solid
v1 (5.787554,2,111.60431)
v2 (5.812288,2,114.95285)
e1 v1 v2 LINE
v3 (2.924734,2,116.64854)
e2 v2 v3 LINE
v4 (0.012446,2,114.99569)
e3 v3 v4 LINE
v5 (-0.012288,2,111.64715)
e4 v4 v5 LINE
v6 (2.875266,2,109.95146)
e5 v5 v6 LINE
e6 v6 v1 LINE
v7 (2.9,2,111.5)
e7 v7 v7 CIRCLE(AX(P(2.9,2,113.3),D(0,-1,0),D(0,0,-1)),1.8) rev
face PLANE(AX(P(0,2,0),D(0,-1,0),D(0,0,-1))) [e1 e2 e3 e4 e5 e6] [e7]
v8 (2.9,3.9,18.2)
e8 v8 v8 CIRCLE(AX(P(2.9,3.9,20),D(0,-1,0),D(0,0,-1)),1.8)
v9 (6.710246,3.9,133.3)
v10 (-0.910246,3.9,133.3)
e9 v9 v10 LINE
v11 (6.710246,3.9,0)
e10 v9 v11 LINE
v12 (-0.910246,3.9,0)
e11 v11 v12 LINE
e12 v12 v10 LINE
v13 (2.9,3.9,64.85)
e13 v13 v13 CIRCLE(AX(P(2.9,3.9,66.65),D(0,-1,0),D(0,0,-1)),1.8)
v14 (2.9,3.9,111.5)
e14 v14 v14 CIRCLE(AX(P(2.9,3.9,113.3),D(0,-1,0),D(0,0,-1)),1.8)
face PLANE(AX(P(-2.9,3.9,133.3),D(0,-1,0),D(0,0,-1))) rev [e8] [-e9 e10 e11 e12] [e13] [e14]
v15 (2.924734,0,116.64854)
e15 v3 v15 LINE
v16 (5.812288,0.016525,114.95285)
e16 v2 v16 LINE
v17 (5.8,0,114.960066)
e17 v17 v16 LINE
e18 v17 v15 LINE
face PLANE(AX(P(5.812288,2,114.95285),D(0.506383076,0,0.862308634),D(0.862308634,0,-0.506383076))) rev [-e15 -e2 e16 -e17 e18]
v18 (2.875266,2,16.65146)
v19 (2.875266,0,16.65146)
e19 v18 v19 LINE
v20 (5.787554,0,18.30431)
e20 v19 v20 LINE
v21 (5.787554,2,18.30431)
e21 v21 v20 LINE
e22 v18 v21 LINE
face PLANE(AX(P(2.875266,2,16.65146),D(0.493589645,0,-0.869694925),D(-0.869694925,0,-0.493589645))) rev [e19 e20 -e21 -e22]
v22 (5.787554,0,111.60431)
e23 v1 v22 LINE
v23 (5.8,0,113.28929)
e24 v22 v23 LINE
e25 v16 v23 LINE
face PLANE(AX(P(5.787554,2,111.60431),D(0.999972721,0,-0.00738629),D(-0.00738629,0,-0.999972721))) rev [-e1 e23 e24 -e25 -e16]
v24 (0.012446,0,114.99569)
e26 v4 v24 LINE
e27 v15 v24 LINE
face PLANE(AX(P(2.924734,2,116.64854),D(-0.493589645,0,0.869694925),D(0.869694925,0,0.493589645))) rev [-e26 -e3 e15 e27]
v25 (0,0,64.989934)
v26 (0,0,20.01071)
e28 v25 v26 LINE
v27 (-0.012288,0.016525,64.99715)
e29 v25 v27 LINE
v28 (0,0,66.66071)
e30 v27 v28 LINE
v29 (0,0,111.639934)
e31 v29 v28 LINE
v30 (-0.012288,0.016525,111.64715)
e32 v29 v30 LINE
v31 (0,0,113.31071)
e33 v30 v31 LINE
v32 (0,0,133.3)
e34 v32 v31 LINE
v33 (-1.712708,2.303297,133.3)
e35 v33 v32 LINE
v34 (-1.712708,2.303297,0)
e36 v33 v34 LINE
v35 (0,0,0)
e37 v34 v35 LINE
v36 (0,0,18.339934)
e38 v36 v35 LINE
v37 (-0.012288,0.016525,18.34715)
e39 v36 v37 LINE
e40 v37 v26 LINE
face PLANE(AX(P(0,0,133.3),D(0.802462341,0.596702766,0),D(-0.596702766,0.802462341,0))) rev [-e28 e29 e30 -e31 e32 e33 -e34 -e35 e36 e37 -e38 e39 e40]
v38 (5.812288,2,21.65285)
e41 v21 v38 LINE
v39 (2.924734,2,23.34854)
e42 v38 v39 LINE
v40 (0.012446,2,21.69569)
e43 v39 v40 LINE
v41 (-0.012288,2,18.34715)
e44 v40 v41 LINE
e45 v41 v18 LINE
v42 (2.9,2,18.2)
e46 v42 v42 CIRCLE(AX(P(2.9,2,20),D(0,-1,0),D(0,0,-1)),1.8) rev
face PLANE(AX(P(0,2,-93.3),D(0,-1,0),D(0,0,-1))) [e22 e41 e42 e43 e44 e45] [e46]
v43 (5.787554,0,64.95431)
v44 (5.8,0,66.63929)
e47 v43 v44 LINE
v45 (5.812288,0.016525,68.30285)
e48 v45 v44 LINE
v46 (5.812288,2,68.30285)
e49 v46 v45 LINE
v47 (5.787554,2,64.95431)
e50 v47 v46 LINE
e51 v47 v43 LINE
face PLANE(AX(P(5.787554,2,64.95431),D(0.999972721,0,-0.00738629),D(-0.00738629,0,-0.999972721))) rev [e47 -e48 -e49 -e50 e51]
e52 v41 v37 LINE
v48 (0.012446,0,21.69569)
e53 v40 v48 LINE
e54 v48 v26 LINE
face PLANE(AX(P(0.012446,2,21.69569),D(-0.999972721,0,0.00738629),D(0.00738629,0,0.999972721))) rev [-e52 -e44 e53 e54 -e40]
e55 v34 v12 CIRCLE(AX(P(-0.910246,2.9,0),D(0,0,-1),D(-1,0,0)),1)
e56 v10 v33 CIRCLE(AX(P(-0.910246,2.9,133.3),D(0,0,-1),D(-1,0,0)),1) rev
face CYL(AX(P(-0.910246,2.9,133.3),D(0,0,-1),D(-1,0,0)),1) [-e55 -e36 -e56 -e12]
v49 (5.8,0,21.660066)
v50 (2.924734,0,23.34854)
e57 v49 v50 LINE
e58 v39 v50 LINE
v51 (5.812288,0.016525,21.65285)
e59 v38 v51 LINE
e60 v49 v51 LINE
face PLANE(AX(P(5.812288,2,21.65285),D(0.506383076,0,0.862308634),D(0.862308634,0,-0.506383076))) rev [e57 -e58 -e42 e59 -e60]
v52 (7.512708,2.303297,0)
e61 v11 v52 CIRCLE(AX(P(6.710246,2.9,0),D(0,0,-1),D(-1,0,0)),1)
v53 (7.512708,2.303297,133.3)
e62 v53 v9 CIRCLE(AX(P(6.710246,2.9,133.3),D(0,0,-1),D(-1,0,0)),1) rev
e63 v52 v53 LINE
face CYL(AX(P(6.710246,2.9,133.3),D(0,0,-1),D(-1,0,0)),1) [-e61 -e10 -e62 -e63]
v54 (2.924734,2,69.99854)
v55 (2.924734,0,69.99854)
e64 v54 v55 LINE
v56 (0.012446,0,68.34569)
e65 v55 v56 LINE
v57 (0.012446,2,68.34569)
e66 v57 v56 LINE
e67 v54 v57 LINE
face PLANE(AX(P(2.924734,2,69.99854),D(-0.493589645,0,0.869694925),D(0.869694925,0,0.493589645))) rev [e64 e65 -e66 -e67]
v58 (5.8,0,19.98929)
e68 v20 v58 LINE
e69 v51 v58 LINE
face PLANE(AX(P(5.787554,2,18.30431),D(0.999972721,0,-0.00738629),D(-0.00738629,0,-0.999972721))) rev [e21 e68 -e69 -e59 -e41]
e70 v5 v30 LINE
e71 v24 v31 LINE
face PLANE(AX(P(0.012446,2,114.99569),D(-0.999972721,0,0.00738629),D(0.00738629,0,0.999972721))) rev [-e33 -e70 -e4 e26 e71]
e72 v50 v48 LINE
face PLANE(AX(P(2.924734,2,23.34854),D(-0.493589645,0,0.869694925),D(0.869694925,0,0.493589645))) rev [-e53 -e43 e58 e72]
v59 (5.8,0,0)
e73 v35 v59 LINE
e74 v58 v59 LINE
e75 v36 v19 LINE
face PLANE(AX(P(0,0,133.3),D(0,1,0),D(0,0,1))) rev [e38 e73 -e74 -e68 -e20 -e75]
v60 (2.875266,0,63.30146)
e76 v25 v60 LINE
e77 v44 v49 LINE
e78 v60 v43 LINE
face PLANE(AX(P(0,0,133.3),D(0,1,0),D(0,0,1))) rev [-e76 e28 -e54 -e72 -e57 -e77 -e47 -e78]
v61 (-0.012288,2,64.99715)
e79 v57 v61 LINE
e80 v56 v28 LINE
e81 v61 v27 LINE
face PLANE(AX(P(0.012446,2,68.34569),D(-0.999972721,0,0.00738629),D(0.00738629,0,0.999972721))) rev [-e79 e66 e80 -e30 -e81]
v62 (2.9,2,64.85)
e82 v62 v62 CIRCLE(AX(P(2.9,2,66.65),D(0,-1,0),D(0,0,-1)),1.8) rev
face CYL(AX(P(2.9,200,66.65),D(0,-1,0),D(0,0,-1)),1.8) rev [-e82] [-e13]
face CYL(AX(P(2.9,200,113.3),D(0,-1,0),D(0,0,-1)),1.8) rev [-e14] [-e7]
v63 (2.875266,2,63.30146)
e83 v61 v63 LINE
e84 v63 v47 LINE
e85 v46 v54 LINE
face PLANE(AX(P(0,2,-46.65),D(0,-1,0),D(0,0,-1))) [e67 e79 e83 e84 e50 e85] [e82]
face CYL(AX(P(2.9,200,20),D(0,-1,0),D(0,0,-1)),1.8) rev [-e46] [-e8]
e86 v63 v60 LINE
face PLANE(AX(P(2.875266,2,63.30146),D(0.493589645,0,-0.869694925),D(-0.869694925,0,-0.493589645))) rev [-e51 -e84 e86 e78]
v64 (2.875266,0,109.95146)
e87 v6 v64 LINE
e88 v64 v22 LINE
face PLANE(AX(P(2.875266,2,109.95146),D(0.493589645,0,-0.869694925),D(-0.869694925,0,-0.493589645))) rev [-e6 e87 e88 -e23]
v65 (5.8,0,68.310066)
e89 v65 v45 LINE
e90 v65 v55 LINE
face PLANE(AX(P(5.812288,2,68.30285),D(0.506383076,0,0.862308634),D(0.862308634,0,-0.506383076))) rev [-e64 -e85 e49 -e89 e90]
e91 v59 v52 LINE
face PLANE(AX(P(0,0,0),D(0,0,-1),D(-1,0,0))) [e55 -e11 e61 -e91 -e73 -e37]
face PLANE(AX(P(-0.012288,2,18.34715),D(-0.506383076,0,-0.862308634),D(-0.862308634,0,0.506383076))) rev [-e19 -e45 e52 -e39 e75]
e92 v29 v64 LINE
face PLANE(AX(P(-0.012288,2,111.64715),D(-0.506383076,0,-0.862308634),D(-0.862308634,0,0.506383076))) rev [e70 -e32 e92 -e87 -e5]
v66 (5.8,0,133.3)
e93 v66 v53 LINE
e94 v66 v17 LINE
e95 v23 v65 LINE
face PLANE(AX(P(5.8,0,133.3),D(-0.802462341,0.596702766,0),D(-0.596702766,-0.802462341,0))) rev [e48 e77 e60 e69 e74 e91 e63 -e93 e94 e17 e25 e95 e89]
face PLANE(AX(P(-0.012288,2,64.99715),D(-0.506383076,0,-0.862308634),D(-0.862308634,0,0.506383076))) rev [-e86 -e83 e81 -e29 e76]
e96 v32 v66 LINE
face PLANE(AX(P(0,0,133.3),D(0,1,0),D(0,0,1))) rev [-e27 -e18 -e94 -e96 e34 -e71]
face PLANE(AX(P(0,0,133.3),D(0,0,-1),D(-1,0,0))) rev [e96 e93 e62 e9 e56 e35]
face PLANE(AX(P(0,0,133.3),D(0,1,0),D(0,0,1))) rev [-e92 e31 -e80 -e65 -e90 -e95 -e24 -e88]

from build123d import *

# Parameters (mm, degrees)
BOSS_EXTRUDE1_DEPTH = 133.3
FILLET1_R           = 1
SKETCH2_R           = 1.8
CUT_EXTRUDE1_DEPTH  = 200
CUT_EXTRUDE2_DEPTH  = 2
LPATTERN1_COUNT     = 3
LPATTERN1_PITCH     = 46.65


with BuildPart() as part:
    # Sketch1 → Boss-Extrude1 (new body)
    with BuildSketch(Plane.XY):
        Polygon((0, 0), (5.8, 0), (8.7, 3.9), (-2.9, 3.9), align=None)
    extrude(amount=BOSS_EXTRUDE1_DEPTH)

    # Fillet1
    fillet1_edges = [part.edges().sort_by_distance(p)[0] for p in [
        (-2.9, 3.9, 66.65),
        (8.7, 3.9, 66.65),
    ]]
    fillet(fillet1_edges, radius=FILLET1_R)

    # Sketch2 → Cut-Extrude1 (cut)
    with BuildSketch(Plane.XZ):
        with Locations(Location((2.9, 113.3, 0), (0, 0, 270))):
            Circle(SKETCH2_R)
    cut_extrude1 = extrude(amount=-CUT_EXTRUDE1_DEPTH, mode=Mode.SUBTRACT)

    # Sketch3 → Cut-Extrude2 (cut)
    with BuildSketch(Plane.XZ):
        Polygon((5.787553908, 111.604309651), (5.812287873, 114.952849865), (2.924733965, 116.648540214), (0.012446092, 114.995690349), (-0.012287873, 111.647150135), (2.875266035, 109.951459786), align=None)
    cut_extrude2 = extrude(amount=-CUT_EXTRUDE2_DEPTH, mode=Mode.SUBTRACT)

    # LPattern1: Cut-Extrude1, Cut-Extrude2 ×3
    with Locations(*[(0, 0, -i * LPATTERN1_PITCH) for i in range(1, LPATTERN1_COUNT)]):
        add(cut_extrude1, mode=Mode.SUBTRACT)
        add(cut_extrude2, mode=Mode.SUBTRACT)


solid = part.part
